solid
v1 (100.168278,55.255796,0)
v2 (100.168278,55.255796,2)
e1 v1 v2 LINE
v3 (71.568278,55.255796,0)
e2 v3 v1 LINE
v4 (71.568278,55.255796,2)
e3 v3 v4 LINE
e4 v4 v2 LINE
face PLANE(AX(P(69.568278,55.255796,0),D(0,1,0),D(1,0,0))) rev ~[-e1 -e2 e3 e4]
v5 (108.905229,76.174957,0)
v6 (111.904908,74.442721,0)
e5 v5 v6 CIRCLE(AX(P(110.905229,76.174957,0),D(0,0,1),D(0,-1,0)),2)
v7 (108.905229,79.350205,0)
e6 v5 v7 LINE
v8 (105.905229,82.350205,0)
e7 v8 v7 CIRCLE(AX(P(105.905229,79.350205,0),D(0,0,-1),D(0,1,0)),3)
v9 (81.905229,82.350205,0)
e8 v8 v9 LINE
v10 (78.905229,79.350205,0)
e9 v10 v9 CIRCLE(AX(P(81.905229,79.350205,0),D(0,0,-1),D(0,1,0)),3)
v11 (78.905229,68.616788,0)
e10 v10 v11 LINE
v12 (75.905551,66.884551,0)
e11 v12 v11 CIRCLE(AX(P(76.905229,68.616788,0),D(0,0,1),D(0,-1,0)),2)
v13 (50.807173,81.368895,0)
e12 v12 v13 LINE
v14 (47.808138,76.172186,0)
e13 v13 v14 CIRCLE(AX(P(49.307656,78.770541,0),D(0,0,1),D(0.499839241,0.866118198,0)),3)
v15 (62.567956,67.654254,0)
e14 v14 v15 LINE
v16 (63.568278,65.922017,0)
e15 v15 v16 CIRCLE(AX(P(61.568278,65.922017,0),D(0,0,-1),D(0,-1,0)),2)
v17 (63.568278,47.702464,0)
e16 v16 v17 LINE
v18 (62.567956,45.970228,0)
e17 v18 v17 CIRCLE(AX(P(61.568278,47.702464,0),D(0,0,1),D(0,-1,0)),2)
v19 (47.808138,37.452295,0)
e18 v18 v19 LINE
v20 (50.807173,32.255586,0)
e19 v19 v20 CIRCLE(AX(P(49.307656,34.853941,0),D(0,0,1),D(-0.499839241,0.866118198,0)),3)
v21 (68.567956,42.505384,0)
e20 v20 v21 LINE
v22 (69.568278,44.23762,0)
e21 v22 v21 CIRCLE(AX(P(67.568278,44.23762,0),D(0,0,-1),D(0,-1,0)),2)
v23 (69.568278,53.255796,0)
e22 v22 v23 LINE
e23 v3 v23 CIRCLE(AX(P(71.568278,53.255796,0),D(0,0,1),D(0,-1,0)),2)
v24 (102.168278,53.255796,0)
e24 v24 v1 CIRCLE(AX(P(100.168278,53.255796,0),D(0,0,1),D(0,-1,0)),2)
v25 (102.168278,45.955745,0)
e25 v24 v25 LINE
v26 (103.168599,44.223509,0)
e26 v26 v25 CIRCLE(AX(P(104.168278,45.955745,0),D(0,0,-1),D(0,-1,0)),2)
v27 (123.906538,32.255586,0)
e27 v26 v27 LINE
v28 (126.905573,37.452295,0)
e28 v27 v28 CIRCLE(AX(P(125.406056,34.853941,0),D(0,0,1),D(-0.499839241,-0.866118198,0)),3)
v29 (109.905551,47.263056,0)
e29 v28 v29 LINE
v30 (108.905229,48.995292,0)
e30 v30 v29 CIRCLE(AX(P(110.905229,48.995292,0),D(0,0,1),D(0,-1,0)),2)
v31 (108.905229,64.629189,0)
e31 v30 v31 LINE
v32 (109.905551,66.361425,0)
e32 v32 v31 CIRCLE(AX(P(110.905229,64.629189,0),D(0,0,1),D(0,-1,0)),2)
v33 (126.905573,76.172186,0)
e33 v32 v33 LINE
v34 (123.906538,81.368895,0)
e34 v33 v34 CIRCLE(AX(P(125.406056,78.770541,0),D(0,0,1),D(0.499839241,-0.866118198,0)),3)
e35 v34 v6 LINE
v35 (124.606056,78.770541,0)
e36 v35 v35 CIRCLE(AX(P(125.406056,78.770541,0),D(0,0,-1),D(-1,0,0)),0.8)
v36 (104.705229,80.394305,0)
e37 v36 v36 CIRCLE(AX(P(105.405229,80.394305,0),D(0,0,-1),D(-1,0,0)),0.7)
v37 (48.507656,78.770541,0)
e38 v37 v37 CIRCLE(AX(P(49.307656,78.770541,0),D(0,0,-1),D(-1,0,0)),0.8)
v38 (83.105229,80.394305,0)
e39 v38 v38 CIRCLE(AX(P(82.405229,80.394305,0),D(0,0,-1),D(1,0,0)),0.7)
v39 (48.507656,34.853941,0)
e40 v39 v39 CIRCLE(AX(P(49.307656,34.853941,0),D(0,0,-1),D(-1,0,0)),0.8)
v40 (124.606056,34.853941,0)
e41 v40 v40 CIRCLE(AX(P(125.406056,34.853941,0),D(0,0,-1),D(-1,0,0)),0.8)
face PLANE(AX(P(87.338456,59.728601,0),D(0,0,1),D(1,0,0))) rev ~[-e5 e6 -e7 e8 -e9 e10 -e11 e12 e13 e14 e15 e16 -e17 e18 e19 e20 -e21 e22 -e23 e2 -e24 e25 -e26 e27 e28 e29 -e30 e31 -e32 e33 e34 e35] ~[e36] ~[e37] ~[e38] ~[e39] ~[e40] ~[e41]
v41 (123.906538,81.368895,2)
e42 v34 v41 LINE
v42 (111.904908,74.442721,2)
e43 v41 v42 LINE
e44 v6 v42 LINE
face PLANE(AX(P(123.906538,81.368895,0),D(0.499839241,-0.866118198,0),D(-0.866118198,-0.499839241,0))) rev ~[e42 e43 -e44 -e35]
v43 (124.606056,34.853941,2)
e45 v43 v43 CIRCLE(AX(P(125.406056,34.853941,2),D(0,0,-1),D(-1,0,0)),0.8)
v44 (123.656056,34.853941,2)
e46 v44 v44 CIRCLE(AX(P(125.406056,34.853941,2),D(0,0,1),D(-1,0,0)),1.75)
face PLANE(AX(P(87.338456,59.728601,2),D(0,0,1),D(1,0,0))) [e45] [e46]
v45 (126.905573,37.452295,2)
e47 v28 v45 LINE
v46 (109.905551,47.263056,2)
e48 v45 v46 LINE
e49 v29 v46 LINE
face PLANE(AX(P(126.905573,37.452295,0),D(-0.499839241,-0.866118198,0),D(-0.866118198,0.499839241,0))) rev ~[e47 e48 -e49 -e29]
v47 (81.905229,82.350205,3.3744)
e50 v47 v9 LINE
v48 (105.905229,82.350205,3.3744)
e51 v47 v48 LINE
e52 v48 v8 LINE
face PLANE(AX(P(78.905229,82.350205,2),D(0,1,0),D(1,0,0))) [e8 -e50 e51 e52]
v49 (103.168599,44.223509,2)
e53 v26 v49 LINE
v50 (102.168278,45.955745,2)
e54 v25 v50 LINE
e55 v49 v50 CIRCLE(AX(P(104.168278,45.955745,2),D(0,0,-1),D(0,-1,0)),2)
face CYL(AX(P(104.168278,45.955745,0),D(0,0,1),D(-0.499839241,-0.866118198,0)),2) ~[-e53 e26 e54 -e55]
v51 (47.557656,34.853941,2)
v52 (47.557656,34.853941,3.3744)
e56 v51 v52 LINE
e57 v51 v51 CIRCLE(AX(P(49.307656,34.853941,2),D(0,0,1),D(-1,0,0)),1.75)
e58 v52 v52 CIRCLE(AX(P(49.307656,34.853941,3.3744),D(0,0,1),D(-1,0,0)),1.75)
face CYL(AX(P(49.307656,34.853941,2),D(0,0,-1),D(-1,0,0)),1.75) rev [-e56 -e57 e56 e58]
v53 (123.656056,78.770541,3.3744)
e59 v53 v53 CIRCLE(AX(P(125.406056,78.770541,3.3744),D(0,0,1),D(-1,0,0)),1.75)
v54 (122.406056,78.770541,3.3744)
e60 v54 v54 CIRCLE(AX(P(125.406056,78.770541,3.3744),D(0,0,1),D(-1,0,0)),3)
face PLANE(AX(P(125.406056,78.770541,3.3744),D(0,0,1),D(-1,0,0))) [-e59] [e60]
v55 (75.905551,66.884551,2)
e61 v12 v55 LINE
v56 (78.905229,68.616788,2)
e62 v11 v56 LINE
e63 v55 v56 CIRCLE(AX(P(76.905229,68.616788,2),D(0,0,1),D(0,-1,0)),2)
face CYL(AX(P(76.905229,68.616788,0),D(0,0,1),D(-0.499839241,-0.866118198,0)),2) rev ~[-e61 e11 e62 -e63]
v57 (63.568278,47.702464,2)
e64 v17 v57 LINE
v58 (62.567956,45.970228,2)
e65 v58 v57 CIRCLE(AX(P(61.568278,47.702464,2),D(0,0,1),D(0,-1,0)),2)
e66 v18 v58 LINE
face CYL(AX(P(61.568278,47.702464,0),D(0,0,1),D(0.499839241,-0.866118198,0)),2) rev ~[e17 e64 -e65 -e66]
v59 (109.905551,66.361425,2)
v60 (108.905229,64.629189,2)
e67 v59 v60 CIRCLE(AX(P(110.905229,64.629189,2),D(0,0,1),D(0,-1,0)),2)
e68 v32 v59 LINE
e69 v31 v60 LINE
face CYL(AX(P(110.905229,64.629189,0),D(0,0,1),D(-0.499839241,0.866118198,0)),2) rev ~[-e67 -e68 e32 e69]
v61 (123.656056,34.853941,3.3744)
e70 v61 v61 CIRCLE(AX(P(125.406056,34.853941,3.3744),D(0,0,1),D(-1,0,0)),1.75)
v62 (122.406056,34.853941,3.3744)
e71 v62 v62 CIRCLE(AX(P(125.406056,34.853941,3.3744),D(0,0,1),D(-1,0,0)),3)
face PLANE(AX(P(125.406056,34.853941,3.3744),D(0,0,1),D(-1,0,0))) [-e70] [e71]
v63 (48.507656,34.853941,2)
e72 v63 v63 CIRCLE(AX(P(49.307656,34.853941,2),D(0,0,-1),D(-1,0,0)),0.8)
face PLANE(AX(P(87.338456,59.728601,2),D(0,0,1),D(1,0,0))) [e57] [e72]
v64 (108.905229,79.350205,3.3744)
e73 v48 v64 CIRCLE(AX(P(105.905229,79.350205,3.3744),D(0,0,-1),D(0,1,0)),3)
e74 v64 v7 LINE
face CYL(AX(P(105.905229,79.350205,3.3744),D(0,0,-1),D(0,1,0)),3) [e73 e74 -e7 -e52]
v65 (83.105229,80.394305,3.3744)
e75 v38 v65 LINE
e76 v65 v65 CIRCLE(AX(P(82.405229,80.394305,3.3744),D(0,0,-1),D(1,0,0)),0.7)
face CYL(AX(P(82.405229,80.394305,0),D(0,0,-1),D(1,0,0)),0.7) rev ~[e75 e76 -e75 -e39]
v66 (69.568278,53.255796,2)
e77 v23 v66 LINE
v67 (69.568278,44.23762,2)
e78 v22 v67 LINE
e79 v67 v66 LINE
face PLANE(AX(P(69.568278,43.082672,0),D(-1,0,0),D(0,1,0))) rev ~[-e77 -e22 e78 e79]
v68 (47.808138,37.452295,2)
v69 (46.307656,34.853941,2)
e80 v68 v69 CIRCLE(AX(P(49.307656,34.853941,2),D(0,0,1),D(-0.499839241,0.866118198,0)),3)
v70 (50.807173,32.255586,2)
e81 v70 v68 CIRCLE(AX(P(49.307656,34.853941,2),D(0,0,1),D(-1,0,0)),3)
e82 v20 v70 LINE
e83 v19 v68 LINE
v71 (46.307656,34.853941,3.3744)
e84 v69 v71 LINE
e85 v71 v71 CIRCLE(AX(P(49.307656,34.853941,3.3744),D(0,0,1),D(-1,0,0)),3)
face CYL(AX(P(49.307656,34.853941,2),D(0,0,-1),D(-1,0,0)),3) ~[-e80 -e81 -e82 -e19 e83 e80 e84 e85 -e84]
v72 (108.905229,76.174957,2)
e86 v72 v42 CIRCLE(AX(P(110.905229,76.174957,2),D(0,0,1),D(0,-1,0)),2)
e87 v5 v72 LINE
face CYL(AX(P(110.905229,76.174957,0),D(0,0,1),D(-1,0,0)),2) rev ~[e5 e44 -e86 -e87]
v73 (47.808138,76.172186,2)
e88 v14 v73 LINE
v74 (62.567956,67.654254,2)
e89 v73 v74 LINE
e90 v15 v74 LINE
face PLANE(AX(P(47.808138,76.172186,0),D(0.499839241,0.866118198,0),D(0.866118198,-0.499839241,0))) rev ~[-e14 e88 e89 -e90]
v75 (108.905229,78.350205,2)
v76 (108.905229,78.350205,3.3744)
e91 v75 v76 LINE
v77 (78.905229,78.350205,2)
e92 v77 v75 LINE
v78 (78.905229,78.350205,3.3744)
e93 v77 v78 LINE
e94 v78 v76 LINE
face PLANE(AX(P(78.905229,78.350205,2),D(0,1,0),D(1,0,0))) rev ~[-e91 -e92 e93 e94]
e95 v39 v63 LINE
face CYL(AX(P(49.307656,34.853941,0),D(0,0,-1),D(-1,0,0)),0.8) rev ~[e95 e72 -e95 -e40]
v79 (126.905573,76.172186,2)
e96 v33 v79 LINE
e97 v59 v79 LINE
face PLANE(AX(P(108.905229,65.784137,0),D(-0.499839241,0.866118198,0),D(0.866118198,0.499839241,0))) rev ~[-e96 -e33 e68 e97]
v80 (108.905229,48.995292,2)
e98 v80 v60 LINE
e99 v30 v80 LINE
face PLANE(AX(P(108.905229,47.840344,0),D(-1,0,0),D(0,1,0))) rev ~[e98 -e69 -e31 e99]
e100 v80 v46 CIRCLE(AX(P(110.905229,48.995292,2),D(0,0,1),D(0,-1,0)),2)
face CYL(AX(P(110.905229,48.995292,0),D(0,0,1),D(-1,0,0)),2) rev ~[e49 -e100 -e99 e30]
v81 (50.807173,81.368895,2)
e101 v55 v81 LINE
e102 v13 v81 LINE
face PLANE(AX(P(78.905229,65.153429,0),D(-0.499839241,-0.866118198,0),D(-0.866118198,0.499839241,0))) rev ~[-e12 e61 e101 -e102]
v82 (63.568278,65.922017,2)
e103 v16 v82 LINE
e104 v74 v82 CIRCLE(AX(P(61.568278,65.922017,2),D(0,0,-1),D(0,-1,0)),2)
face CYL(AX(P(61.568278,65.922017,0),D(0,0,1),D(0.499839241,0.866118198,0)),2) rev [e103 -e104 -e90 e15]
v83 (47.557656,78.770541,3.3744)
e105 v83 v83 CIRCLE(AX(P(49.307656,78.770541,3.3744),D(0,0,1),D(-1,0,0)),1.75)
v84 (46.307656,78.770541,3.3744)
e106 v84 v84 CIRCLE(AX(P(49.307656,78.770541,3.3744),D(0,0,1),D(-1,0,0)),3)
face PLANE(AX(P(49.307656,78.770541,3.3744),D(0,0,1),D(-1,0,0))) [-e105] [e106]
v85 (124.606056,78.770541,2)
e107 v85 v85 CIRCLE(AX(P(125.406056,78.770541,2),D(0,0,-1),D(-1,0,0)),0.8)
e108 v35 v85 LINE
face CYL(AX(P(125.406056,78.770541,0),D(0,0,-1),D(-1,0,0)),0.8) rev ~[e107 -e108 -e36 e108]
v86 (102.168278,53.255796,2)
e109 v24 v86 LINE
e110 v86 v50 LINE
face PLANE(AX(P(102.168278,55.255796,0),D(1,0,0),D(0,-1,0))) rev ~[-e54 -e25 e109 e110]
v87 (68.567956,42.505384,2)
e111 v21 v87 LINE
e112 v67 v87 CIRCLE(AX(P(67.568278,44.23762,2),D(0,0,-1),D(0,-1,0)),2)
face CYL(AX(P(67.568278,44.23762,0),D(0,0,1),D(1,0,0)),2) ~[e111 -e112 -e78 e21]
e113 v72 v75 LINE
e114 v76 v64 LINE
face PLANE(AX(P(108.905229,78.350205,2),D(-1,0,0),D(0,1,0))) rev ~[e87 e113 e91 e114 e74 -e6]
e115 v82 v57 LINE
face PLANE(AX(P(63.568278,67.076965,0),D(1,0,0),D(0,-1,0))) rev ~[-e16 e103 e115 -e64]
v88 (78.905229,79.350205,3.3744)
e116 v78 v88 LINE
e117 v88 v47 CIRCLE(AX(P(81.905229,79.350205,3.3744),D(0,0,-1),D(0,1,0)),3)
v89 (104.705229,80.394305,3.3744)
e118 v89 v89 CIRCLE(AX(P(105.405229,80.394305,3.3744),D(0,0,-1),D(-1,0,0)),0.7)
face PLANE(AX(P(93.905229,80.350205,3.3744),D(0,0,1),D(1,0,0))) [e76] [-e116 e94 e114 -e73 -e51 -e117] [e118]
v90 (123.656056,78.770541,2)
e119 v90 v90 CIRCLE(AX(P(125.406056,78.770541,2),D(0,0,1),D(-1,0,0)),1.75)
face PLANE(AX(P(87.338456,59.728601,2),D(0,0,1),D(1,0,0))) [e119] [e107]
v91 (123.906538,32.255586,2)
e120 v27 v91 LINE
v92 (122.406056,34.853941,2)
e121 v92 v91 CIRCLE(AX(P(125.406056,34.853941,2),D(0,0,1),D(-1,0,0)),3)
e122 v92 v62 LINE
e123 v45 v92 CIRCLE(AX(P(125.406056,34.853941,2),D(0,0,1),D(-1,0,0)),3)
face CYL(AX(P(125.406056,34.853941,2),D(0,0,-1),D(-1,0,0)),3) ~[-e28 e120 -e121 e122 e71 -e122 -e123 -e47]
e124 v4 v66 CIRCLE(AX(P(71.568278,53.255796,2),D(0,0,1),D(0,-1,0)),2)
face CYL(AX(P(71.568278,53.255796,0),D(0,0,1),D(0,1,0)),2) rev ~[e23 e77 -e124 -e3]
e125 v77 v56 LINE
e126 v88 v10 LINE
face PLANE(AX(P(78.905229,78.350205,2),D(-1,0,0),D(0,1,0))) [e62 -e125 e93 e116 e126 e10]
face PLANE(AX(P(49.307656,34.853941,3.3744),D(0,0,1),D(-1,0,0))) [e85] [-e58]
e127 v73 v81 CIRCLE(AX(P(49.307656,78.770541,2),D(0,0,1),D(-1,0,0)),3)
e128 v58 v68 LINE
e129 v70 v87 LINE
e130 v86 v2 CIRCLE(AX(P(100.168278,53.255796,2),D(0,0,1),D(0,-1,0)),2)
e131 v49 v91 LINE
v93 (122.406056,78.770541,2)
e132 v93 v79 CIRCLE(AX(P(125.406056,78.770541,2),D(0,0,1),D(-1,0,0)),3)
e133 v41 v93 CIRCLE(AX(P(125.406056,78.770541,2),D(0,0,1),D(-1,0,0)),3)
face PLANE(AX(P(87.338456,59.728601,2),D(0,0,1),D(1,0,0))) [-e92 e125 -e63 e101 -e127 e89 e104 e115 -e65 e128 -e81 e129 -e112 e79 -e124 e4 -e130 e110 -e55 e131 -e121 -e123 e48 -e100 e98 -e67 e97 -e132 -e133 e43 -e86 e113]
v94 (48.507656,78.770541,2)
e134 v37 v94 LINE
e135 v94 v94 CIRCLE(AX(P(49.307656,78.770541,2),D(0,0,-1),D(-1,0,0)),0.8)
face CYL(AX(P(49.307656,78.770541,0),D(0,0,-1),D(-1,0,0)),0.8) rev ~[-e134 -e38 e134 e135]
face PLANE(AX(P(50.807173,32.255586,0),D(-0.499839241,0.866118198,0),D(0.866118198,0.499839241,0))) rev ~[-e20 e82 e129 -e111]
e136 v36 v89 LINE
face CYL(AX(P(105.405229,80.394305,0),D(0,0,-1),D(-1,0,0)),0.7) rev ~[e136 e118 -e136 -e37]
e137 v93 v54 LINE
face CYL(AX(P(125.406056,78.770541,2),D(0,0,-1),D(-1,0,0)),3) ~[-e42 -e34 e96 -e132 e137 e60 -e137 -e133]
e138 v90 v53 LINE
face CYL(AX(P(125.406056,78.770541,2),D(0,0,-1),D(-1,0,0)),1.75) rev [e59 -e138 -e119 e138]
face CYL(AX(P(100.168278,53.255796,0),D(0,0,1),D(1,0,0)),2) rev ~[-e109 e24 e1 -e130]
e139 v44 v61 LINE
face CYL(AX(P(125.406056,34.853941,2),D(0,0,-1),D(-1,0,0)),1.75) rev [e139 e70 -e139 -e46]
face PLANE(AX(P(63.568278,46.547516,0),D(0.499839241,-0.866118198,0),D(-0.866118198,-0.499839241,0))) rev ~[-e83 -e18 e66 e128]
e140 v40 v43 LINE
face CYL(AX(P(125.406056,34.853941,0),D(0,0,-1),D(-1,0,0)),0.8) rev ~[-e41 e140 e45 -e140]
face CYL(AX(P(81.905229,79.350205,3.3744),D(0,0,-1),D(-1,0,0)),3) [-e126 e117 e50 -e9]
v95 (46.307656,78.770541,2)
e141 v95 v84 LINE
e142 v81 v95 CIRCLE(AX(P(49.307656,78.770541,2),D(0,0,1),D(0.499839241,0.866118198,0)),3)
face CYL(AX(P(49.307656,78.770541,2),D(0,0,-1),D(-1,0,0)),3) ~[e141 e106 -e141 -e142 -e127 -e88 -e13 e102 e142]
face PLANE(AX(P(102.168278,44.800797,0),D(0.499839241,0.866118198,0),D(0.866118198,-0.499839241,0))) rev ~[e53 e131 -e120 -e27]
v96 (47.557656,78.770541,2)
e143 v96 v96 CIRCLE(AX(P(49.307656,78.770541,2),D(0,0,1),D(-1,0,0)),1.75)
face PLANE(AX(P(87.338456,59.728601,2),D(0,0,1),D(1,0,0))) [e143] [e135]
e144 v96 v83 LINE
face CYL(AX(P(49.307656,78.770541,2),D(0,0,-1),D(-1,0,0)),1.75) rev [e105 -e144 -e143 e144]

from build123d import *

# Parameters (mm, degrees)
BOSS_EXTRUDE1_DEPTH = 2
SKETCH2_R           = 3
SKETCH2_R_2         = 1.75
BOSS_EXTRUDE2_DEPTH = 1.3744
FILLET1_R           = 2
CUT_EXTRUDE1_REACH  = 154.581
SKETCH3_R           = 0.8
SKETCH6_W           = 30
SKETCH6_H           = 4
BOSS_EXTRUDE4_DEPTH = 1.3744
SKETCH7_R           = 0.7
CUT_EXTRUDE3_DEPTH  = 153.581315805
FILLET2_R           = 3


with BuildPart() as part:
    # Sketch1 → Boss-Extrude1 (new body)
    with BuildSketch(Plane.XY):
        with BuildLine():
            Line((47.808137976, 76.172186055), (63.568277585, 67.076965299))
            Line((63.568277585, 67.076965299), (63.568277585, 46.547516))
            Line((63.568277585, 46.547516), (47.808137976, 37.452295245))
            ThreePointArc((47.808137976, 37.452295245), (46.709301103, 33.354422928), (50.80717342, 32.255586055))
            Line((50.80717342, 32.255586055), (69.568277585, 43.082671869))
            Line((69.568277585, 43.082671869), (69.568277585, 55.255795635))
            Line((69.568277585, 55.255795635), (102.168277585, 55.255795635))
            Line((102.168277585, 55.255795635), (102.168277585, 44.800797075))
            Line((102.168277585, 44.800797075), (123.906537976, 32.255586055))
            ThreePointArc((123.906537976, 32.255586055), (128.004410293, 33.354422928), (126.90557342, 37.452295245))
            Line((126.90557342, 37.452295245), (108.905229152, 47.84034439))
            Line((108.905229152, 47.84034439), (108.905229152, 65.784136909))
            Line((108.905229152, 65.784136909), (126.90557342, 76.172186055))
            ThreePointArc((126.90557342, 76.172186055), (128.004410293, 80.270058372), (123.906537976, 81.368895245))
            Line((123.906537976, 81.368895245), (108.905229152, 72.711597862))
            Line((108.905229152, 72.711597862), (108.905229152, 82.35020472))
            Line((108.905229152, 82.35020472), (78.905229152, 82.35020472))
            Line((78.905229152, 82.35020472), (78.905229152, 65.153428503))
            Line((78.905229152, 65.153428503), (50.80717342, 81.368895245))
            ThreePointArc((50.80717342, 81.368895245), (46.709301103, 80.270058372), (47.808137976, 76.172186055))
        make_face()
    extrude(amount=BOSS_EXTRUDE1_DEPTH)

    # Sketch2 → Boss-Extrude2 (add)
    # profile 1 of 4: a face of its own
    with BuildSketch(Plane.XY.offset(2)):
        with Locations(Location((49.307655698, 78.77054065, 0), (0, 0, 180))):
            Circle(SKETCH2_R)
        with Locations(Location((49.307655698, 78.77054065, 0), (0, 0, 180))):
            Circle(SKETCH2_R_2, mode=Mode.SUBTRACT)
    # profile 2 of 4: a face of its own
    with BuildSketch(Plane.XY.offset(2)):
        with Locations(Location((49.307655698, 34.85394065, 0), (0, 0, 180))):
            Circle(SKETCH2_R)
        with Locations(Location((49.307655698, 34.85394065, 0), (0, 0, 180))):
            Circle(SKETCH2_R_2, mode=Mode.SUBTRACT)
    # profile 3 of 4: a face of its own
    with BuildSketch(Plane.XY.offset(2)):
        with Locations(Location((125.406055698, 34.85394065, 0), (0, 0, 180))):
            Circle(SKETCH2_R)
        with Locations(Location((125.406055698, 34.85394065, 0), (0, 0, 180))):
            Circle(SKETCH2_R_2, mode=Mode.SUBTRACT)
    # profile 4 of 4: a face of its own
    with BuildSketch(Plane.XY.offset(2)):
        with Locations(Location((125.406055698, 78.77054065, 0), (0, 0, 180))):
            Circle(SKETCH2_R)
        with Locations(Location((125.406055698, 78.77054065, 0), (0, 0, 180))):
            Circle(SKETCH2_R_2, mode=Mode.SUBTRACT)
    extrude(amount=BOSS_EXTRUDE2_DEPTH)

    # Fillet1
    fillet1_edges = [part.edges().sort_by_distance(p)[0] for p in [
        (69.568277585, 43.082671869, 1),
        (63.568277585, 46.547516, 1),
        (63.568277585, 67.076965299, 1),
        (78.905229152, 65.153428503, 1),
        (108.905229152, 72.711597862, 1),
        (108.905229152, 65.784136909, 1),
        (108.905229152, 47.84034439, 1),
        (102.168277585, 44.800797075, 1),
        (102.168277585, 55.255795635, 1),
        (69.568277585, 55.255795635, 1),
    ]]
    fillet(fillet1_edges, radius=FILLET1_R)

    # Sketch3 → Cut-Extrude1 (cut, up to next)
    with BuildSketch(Plane(origin=(0, 0, 0), x_dir=(-1, 0, 0), z_dir=(0, 0, -1)), mode=Mode.PRIVATE) as cut_extrude1_sk1:
        with Locations((-125.406055698, 78.77054065)):
            Circle(SKETCH3_R)
    cut_extrude1_tool1 = extrude(cut_extrude1_sk1.sketch, amount=-CUT_EXTRUDE1_REACH, mode=Mode.PRIVATE) & part.part
    # Sketch3 → Cut-Extrude1 (cut, up to next)
    with BuildSketch(Plane(origin=(0, 0, 0), x_dir=(-1, 0, 0), z_dir=(0, 0, -1)), mode=Mode.PRIVATE) as cut_extrude1_sk2:
        with Locations((-125.406055698, 34.85394065)):
            Circle(SKETCH3_R)
    cut_extrude1_tool2 = extrude(cut_extrude1_sk2.sketch, amount=-CUT_EXTRUDE1_REACH, mode=Mode.PRIVATE) & part.part
    # Sketch3 → Cut-Extrude1 (cut, up to next)
    with BuildSketch(Plane(origin=(0, 0, 0), x_dir=(-1, 0, 0), z_dir=(0, 0, -1)), mode=Mode.PRIVATE) as cut_extrude1_sk3:
        with Locations((-49.307655698, 34.85394065)):
            Circle(SKETCH3_R)
    cut_extrude1_tool3 = extrude(cut_extrude1_sk3.sketch, amount=-CUT_EXTRUDE1_REACH, mode=Mode.PRIVATE) & part.part
    # Sketch3 → Cut-Extrude1 (cut, up to next)
    with BuildSketch(Plane(origin=(0, 0, 0), x_dir=(-1, 0, 0), z_dir=(0, 0, -1)), mode=Mode.PRIVATE) as cut_extrude1_sk4:
        with Locations((-49.307655698, 78.77054065)):
            Circle(SKETCH3_R)
    cut_extrude1_tool4 = extrude(cut_extrude1_sk4.sketch, amount=-CUT_EXTRUDE1_REACH, mode=Mode.PRIVATE) & part.part
    add(cut_extrude1_tool1.solids().sort_by_distance((125.406056, 78.770541, 0))[0], mode=Mode.SUBTRACT)
    add(cut_extrude1_tool2.solids().sort_by_distance((125.406056, 34.853941, 0))[0], mode=Mode.SUBTRACT)
    add(cut_extrude1_tool3.solids().sort_by_distance((49.307656, 34.853941, 0))[0], mode=Mode.SUBTRACT)
    add(cut_extrude1_tool4.solids().sort_by_distance((49.307656, 78.770541, 0))[0], mode=Mode.SUBTRACT)

    # Sketch6 → Boss-Extrude4 (add)
    with BuildSketch(Plane.XY.offset(2)):
        with Locations((93.905229152, 80.35020472)):
            Rectangle(SKETCH6_W, SKETCH6_H)
    extrude(amount=BOSS_EXTRUDE4_DEPTH)

    # Sketch7 → Cut-Extrude3 (cut, through all)
    with BuildSketch(Plane(origin=(0, 0, 0), x_dir=(-1, 0, 0), z_dir=(0, 0, -1))):
        with Locations((-105.405229152, 80.39430472)):
            Circle(SKETCH7_R)
        with Locations(Location((-82.405229152, 80.39430472, 0), (0, 0, 180))):
            Circle(SKETCH7_R)
    extrude(amount=-CUT_EXTRUDE3_DEPTH, mode=Mode.SUBTRACT)

    # Fillet2
    fillet2_edges = [part.edges().sort_by_distance(p)[0] for p in [
        (78.905229152, 82.35020472, 1.6872),
        (108.905229152, 82.35020472, 1.6872),
    ]]
    fillet(fillet2_edges, radius=FILLET2_R)


solid = part.part
